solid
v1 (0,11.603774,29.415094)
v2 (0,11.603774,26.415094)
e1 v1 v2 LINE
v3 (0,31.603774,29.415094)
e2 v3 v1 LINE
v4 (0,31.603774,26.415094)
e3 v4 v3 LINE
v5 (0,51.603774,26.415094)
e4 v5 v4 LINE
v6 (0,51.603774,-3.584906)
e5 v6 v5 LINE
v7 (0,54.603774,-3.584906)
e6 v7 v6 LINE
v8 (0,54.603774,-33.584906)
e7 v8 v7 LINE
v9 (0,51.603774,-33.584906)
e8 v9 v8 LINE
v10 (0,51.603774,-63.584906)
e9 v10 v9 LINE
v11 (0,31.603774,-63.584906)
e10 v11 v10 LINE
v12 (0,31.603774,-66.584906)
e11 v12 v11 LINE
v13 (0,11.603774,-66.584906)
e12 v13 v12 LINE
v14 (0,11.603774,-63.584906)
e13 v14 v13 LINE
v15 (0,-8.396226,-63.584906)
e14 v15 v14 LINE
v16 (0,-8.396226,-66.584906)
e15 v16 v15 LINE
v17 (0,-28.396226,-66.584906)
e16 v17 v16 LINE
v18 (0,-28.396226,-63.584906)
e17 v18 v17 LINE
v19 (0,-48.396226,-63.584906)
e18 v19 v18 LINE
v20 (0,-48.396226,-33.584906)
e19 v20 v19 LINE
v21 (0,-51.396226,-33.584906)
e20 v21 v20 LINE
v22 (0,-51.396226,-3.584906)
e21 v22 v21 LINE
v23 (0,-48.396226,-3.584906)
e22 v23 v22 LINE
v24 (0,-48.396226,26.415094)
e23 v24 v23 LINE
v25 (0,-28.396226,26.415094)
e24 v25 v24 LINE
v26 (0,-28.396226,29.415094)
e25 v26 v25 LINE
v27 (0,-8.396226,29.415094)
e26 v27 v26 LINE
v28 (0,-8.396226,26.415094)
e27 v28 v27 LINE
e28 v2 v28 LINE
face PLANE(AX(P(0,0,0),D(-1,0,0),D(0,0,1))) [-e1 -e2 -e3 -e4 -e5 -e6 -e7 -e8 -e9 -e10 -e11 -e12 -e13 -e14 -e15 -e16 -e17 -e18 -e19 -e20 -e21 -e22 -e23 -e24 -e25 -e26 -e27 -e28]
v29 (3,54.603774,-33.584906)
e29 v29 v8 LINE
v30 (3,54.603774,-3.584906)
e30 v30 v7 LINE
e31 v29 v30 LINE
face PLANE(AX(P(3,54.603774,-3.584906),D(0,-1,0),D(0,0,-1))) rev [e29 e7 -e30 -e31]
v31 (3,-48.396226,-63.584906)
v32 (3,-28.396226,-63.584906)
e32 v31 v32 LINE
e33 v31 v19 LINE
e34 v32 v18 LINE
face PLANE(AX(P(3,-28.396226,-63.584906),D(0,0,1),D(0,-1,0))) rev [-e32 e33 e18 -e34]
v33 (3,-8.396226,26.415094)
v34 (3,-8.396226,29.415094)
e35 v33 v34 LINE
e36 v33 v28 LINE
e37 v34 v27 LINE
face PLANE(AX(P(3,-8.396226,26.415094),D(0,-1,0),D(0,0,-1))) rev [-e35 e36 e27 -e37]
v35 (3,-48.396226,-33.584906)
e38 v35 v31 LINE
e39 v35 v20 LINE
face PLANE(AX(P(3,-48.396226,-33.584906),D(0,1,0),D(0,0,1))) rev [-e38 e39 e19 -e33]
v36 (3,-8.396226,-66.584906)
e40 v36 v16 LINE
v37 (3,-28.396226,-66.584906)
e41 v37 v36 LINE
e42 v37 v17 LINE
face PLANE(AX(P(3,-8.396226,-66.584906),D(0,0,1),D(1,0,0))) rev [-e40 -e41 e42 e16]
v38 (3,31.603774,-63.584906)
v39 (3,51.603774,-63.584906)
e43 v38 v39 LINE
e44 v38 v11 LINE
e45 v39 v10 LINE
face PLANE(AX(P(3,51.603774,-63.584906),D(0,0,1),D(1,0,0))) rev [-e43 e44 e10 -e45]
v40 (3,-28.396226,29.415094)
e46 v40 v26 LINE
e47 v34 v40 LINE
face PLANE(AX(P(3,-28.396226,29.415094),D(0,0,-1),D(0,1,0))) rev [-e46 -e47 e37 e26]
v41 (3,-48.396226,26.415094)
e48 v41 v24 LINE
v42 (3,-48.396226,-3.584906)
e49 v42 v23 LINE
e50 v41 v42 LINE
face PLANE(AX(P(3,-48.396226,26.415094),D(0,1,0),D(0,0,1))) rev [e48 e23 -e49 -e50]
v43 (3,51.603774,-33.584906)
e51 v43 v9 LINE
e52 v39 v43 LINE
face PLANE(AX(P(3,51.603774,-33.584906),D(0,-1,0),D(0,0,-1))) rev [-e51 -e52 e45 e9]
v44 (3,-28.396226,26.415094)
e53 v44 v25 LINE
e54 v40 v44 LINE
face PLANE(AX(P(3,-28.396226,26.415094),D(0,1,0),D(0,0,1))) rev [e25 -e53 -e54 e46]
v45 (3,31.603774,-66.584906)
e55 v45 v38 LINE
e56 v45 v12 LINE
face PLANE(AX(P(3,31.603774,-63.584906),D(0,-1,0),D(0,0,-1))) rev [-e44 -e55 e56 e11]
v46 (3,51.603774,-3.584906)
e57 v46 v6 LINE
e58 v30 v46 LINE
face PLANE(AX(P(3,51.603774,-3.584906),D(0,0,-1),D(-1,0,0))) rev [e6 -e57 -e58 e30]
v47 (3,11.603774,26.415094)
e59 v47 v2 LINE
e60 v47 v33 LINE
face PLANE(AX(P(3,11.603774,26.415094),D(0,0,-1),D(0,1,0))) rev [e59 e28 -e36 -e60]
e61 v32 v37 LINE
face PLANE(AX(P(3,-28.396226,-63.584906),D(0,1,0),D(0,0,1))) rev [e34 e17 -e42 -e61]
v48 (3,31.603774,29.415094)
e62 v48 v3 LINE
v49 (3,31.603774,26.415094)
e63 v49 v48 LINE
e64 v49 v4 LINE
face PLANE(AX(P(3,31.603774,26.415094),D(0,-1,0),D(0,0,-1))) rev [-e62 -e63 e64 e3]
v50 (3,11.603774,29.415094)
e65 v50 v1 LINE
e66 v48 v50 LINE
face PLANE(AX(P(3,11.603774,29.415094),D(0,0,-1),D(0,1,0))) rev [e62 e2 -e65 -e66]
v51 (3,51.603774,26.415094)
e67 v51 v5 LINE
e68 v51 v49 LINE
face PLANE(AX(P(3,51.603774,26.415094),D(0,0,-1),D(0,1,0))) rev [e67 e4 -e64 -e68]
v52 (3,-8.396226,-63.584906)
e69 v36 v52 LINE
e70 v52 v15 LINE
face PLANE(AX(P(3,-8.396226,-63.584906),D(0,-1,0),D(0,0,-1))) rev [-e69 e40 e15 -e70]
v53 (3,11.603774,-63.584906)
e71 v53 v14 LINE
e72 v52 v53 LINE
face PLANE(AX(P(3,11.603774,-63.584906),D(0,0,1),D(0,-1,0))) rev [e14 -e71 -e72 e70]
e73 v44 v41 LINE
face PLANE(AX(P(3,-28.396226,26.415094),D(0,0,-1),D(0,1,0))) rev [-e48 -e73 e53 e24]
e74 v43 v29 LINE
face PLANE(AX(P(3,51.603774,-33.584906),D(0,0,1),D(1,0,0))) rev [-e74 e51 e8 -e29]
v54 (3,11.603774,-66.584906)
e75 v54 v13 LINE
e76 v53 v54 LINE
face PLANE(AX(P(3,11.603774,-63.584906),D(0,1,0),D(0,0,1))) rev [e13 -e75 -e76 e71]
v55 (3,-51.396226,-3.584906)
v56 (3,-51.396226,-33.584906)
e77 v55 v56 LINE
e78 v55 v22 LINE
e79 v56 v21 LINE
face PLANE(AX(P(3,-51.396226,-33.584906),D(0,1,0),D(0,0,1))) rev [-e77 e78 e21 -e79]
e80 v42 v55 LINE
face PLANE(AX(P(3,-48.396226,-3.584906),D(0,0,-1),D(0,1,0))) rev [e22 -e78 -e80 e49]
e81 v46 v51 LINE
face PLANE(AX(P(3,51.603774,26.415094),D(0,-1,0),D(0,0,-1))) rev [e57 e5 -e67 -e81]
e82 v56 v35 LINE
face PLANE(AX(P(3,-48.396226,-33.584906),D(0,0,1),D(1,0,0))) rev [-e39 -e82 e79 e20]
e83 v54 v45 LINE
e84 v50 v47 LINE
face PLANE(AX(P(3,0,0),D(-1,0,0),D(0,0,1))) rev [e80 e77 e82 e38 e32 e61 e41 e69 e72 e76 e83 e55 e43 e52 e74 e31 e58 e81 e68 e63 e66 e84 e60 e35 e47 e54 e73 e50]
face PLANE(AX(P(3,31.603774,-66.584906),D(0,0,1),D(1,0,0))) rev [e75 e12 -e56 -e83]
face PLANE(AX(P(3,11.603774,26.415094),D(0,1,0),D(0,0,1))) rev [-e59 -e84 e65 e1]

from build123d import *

# Parameters (mm, degrees)
BOSS_EXTRUDE1_DEPTH = 3


with BuildPart() as part:
    # Sketch1 → Boss-Extrude1 (new body)
    with BuildSketch(Plane(origin=(0, 0, 0), x_dir=(0, 0, -1), z_dir=(1, 0, 0))):
        Polygon((33.58490566, 51.603773585), (63.58490566, 51.603773585), (63.58490566, 31.603773585), (66.58490566, 31.603773585), (66.58490566, 11.603773585), (63.58490566, 11.603773585), (63.58490566, -8.396226415), (66.58490566, -8.396226415), (66.58490566, -28.396226415), (63.58490566, -28.396226415), (63.58490566, -48.396226415), (33.58490566, -48.396226415), (33.58490566, -51.396226415), (3.58490566, -51.396226415), (3.58490566, -48.396226415), (-26.41509434, -48.396226415), (-26.41509434, -28.396226415), (-29.41509434, -28.396226415), (-29.41509434, -8.396226415), (-26.41509434, -8.396226415), (-26.41509434, 11.603773585), (-29.41509434, 11.603773585), (-29.41509434, 31.603773585), (-26.41509434, 31.603773585), (-26.41509434, 51.603773585), (3.58490566, 51.603773585), (3.58490566, 54.603773585), (33.58490566, 54.603773585), align=None)
    extrude(amount=BOSS_EXTRUDE1_DEPTH)


solid = part.part
